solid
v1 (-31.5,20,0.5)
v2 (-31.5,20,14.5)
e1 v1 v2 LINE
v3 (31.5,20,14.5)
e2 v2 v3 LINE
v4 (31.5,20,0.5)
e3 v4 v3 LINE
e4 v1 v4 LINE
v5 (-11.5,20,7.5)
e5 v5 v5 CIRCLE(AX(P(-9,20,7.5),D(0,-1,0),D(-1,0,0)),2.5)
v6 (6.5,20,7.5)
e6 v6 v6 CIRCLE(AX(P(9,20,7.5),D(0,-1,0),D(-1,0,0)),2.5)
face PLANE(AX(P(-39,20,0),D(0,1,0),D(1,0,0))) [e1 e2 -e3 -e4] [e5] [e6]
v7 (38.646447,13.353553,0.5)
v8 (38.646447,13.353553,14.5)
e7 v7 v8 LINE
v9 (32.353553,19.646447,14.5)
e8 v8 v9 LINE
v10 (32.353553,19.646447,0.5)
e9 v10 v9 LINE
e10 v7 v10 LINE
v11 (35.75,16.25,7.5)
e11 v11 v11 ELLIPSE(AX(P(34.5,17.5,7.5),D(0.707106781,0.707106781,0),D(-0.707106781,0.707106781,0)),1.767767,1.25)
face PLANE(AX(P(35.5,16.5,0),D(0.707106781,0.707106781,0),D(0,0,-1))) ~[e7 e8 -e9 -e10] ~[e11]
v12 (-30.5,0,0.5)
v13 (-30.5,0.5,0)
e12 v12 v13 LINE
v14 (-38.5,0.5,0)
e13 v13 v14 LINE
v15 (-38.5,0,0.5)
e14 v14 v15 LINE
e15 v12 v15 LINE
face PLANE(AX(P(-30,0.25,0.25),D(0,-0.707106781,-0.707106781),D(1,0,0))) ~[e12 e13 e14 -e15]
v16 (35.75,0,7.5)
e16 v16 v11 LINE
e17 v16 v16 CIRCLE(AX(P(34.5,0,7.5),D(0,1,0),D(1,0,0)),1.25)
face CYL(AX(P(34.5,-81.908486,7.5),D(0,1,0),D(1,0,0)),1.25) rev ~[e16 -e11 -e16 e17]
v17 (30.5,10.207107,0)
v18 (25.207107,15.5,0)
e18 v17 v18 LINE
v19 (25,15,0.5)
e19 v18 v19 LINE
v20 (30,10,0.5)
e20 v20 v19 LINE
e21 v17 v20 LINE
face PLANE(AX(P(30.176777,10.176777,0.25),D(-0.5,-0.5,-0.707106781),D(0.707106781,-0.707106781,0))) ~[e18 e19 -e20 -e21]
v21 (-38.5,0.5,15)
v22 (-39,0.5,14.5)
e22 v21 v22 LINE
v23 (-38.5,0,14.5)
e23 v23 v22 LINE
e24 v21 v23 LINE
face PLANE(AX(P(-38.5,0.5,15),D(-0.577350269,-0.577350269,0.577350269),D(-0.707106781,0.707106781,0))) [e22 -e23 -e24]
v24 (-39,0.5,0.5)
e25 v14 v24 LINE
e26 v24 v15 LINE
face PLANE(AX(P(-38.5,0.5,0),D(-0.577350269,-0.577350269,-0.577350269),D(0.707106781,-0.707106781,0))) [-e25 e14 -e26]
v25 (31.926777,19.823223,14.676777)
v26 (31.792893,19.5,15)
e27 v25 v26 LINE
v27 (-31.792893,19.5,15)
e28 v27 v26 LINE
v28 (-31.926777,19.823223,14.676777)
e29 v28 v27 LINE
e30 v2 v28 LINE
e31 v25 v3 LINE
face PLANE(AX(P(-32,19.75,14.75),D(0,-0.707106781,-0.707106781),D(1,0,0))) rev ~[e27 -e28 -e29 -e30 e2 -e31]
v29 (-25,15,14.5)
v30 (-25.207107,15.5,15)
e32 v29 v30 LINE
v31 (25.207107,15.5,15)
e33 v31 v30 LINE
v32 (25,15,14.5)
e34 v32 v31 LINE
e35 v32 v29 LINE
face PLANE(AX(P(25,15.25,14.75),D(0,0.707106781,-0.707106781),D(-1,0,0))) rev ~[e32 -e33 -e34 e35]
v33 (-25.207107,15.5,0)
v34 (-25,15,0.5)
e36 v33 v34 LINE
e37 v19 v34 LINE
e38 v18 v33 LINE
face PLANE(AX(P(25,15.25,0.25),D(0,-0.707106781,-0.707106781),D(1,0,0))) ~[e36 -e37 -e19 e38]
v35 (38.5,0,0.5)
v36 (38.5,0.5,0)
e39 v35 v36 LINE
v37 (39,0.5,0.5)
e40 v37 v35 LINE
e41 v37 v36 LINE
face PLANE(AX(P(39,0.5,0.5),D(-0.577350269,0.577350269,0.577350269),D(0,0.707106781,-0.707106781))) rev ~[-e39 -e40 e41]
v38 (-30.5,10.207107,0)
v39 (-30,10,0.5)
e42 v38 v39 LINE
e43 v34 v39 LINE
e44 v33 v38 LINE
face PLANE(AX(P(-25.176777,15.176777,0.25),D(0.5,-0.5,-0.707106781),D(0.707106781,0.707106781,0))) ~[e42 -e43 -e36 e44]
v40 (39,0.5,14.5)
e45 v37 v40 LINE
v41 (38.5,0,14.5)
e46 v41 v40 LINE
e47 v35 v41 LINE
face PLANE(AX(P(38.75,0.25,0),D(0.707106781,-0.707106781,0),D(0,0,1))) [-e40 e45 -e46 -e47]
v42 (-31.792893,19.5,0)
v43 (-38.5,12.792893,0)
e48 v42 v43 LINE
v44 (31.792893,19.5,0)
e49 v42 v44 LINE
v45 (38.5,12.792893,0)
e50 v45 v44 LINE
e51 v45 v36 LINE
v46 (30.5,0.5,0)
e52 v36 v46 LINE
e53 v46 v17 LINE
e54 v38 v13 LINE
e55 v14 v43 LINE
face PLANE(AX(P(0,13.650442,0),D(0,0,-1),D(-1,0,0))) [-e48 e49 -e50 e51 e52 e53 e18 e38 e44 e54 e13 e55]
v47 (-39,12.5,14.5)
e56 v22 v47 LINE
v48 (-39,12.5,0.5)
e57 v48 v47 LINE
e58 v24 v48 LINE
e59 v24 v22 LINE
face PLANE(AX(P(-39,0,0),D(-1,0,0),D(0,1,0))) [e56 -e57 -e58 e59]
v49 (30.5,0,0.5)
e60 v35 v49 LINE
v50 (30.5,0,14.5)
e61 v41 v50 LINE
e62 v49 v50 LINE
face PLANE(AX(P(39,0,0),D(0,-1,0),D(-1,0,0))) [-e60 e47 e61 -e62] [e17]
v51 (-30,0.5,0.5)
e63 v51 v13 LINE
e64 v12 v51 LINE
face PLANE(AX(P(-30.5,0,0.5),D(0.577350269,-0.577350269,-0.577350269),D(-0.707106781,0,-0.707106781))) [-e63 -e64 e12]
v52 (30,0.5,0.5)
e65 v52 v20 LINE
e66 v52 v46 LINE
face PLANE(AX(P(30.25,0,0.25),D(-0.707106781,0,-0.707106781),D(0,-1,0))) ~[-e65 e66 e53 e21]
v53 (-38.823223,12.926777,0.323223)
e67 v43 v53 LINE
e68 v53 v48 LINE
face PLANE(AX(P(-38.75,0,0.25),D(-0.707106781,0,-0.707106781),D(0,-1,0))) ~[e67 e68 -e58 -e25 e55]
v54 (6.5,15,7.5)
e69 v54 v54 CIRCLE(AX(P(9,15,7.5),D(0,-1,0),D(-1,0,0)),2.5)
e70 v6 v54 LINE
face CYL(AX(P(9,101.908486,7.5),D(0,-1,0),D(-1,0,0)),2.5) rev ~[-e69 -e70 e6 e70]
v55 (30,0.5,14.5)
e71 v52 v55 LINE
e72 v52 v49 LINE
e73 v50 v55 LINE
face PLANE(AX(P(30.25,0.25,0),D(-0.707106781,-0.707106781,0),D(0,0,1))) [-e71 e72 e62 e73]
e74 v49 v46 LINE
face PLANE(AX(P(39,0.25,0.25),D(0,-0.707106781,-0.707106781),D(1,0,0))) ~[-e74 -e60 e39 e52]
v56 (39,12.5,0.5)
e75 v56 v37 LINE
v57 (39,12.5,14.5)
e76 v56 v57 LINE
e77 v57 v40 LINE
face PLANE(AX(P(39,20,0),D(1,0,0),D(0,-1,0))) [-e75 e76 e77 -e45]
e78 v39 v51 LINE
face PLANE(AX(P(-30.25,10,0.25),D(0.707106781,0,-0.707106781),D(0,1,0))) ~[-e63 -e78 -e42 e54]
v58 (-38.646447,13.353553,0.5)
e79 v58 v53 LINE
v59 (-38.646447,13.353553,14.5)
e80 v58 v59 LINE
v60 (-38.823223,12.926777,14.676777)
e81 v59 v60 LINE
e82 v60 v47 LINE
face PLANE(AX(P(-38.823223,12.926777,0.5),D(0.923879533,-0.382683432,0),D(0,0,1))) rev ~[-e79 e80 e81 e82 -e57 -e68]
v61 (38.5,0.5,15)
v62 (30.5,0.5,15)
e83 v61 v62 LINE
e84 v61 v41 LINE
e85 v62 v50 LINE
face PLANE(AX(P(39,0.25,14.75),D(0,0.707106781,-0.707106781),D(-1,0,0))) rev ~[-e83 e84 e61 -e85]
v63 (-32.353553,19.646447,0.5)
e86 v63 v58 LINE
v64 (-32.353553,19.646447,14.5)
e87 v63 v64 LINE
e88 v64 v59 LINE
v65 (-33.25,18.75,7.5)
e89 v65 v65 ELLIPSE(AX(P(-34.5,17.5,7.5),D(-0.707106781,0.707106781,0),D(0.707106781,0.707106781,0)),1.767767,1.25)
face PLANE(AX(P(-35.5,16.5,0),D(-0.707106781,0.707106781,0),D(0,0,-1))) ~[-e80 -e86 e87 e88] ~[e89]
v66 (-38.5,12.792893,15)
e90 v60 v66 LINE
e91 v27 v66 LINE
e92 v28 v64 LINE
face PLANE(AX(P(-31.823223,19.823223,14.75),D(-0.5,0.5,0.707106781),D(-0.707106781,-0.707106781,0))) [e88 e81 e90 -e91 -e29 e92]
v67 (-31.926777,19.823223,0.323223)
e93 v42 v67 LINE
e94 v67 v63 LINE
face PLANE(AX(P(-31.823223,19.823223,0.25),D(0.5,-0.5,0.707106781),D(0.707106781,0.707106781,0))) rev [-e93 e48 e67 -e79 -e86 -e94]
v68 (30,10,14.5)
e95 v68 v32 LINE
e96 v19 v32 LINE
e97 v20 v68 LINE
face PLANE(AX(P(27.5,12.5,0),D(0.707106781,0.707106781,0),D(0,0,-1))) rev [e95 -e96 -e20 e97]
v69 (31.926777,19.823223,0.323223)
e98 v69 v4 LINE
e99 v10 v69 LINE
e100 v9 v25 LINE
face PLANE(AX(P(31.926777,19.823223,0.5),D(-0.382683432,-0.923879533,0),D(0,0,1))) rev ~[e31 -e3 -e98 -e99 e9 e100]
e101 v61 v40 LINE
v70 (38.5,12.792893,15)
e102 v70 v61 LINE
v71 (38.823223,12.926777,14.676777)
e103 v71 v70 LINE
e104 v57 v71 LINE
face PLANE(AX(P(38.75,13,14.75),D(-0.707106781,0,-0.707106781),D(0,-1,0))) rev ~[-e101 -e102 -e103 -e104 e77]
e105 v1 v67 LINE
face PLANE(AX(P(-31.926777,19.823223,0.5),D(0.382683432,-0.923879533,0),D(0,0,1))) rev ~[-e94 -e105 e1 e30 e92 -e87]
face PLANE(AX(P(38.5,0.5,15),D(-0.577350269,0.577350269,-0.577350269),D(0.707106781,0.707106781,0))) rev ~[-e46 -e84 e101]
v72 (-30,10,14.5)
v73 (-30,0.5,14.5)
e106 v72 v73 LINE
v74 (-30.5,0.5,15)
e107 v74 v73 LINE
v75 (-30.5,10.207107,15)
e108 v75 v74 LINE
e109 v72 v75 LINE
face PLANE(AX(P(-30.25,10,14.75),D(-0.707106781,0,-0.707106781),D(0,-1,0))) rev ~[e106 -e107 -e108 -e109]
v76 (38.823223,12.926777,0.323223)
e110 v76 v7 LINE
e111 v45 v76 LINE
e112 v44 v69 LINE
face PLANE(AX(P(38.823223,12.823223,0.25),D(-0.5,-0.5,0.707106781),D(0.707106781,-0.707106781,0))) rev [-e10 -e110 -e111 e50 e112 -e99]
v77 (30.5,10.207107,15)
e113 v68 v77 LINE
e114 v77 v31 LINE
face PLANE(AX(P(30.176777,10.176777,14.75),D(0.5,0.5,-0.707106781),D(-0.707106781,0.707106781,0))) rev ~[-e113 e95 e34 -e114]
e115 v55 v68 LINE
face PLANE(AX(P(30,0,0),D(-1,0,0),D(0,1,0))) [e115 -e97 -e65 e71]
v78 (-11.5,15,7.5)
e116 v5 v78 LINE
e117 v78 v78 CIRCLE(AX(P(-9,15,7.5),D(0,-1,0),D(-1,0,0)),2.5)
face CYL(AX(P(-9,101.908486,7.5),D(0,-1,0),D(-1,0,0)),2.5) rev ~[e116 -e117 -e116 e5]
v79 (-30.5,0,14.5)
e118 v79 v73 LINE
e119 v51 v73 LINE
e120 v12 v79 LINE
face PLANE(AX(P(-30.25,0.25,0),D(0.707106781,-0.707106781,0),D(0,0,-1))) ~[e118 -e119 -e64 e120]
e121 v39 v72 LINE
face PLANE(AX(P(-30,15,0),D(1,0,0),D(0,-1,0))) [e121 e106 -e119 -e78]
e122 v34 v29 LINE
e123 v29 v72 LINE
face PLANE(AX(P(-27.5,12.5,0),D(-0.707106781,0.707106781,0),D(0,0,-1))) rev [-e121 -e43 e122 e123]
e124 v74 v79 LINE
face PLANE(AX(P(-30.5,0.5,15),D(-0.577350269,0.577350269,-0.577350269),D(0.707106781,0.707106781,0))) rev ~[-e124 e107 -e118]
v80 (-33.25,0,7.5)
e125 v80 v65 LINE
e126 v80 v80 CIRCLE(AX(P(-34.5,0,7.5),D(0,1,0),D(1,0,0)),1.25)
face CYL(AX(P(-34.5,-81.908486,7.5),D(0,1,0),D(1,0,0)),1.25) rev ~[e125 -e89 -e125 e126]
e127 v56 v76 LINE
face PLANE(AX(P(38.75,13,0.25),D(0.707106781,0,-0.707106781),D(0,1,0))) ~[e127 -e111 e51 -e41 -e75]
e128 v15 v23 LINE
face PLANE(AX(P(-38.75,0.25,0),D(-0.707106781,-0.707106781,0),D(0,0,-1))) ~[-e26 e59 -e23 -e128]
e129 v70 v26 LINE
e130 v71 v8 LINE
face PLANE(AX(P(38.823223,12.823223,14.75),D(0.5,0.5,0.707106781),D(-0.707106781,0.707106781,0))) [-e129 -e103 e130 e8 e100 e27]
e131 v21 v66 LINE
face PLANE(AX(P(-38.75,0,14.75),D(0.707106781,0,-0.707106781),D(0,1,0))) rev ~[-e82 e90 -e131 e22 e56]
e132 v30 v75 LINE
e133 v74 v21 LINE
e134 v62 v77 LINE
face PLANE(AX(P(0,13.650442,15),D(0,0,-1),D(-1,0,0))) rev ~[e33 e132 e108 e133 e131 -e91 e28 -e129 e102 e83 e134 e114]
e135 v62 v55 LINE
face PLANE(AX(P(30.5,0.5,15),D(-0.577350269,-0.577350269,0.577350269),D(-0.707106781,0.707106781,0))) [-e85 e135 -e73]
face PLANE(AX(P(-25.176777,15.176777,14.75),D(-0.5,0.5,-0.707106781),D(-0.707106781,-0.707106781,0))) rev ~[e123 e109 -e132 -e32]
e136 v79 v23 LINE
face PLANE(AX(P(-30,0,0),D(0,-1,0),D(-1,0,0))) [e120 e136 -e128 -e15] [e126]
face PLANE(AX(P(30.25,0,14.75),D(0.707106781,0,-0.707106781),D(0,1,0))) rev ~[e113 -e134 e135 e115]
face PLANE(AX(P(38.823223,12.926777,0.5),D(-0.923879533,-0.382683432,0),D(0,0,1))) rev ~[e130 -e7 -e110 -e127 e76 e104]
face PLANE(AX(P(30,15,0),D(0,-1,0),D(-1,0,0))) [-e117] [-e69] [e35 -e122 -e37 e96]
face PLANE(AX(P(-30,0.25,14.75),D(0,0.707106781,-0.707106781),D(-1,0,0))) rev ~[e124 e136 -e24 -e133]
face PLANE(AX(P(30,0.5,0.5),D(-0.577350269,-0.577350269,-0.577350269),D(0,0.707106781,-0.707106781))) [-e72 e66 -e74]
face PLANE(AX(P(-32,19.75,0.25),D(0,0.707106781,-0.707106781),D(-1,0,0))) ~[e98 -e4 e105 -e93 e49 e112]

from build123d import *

# Parameters (mm, degrees)
BOSS_EXTRU_1_DEPTH      = 15
CHANFREIN1_SIZE         = 5
CHANFREIN2_SIZE         = 7
TROU_TARAUD_M6X1_01_D   = 5
TROU_TARAUD_M3X0_51_D   = 2.5
CHANFREIN6_SIZE         = 0.5
CHANFREIN10_SIZE        = 0.5
CHANFREIN10_EDGE_2_SIZE = 0.5
CHANFREIN10_EDGE_3_SIZE = 0.5
CHANFREIN10_EDGE_4_SIZE = 0.5


with BuildPart() as part:
    # Esquisse1 → Boss.-Extru.1 (new body)
    with BuildSketch(Plane.XY):
        Polygon((-30, 0), (-39, 0), (-39, 20), (39, 20), (39, 0), (30, 0), (30, 15), (-30, 15), align=None)
    extrude(amount=BOSS_EXTRU_1_DEPTH)

    # Chanfrein1
    chanfrein1_edges = [part.edges().sort_by_distance(p)[0] for p in [
        (30, 15, 7.5),
        (-30, 15, 7.5),
    ]]
    chamfer(chanfrein1_edges, length=CHANFREIN1_SIZE)

    # Chanfrein2
    chanfrein2_edges = [part.edges().sort_by_distance(p)[0] for p in [
        (-39, 20, 7.5),
        (39, 20, 7.5),
    ]]
    chamfer(chanfrein2_edges, length=CHANFREIN2_SIZE)

    # Trou taraudé M6x1.01 (through all)
    with Locations(Plane(origin=(0, 20, 0), x_dir=(1, 0, 0), z_dir=(0, 1, 0))):
        with Locations((9, -7.5), (-9, -7.5)):
            Hole(TROU_TARAUD_M6X1_01_D / 2)

    # Trou taraudé M3x0.51 (through all)
    with Locations(Plane(origin=(0, 0, 0), x_dir=(-1, 0, 0), z_dir=(0, -1, 0))):
        with Locations((-34.5, -7.5), (34.5, -7.5)):
            Hole(TROU_TARAUD_M3X0_51_D / 2)

    # Chanfrein6
    chanfrein6_edges = [part.edges().sort_by_distance(p)[0] for p in [
        (34.5, 0, 0),
        (-30, 5, 0),
        (-30, 0, 7.5),
        (-39, 0, 7.5),
        (39, 0, 7.5),
        (30, 0, 7.5),
        (34.5, 0, 15),
        (39, 6.5, 15),
        (0, 15, 0),
        (0, 15, 15),
        (30, 5, 0),
        (30, 5, 15),
        (-27.5, 12.5, 0),
        (-27.5, 12.5, 15),
        (27.5, 12.5, 0),
        (27.5, 12.5, 15),
        (-34.5, 0, 15),
        (0, 20, 0),
        (0, 20, 15),
        (-39, 6.5, 0),
        (-35.5, 16.5, 0),
        (35.5, 16.5, 0),
        (-39, 6.5, 15),
        (-35.5, 16.5, 15),
        (35.5, 16.5, 15),
        (-30, 5, 15),
        (-34.5, 0, 0),
        (39, 6.5, 0),
    ]]
    chamfer(chanfrein6_edges, length=CHANFREIN6_SIZE)

    # Chanfrein10
    chanfrein10_edges = [part.edges().sort_by_distance(p)[0] for p in [
        (39, 13, 7.5),
    ]]
    chamfer(chanfrein10_edges, length=CHANFREIN10_SIZE)

    # Chanfrein10 edge 2
    chanfrein10_edge_2_edges = [part.edges().sort_by_distance(p)[0] for p in [
        (32, 20, 7.5),
    ]]
    chamfer(chanfrein10_edge_2_edges, length=CHANFREIN10_EDGE_2_SIZE)

    # Chanfrein10 edge 3
    chanfrein10_edge_3_edges = [part.edges().sort_by_distance(p)[0] for p in [
        (-32, 20, 7.5),
    ]]
    chamfer(chanfrein10_edge_3_edges, length=CHANFREIN10_EDGE_3_SIZE)

    # Chanfrein10 edge 4
    chanfrein10_edge_4_edges = [part.edges().sort_by_distance(p)[0] for p in [
        (-39, 13, 7.5),
    ]]
    chamfer(chanfrein10_edge_4_edges, length=CHANFREIN10_EDGE_4_SIZE)


solid = part.part
